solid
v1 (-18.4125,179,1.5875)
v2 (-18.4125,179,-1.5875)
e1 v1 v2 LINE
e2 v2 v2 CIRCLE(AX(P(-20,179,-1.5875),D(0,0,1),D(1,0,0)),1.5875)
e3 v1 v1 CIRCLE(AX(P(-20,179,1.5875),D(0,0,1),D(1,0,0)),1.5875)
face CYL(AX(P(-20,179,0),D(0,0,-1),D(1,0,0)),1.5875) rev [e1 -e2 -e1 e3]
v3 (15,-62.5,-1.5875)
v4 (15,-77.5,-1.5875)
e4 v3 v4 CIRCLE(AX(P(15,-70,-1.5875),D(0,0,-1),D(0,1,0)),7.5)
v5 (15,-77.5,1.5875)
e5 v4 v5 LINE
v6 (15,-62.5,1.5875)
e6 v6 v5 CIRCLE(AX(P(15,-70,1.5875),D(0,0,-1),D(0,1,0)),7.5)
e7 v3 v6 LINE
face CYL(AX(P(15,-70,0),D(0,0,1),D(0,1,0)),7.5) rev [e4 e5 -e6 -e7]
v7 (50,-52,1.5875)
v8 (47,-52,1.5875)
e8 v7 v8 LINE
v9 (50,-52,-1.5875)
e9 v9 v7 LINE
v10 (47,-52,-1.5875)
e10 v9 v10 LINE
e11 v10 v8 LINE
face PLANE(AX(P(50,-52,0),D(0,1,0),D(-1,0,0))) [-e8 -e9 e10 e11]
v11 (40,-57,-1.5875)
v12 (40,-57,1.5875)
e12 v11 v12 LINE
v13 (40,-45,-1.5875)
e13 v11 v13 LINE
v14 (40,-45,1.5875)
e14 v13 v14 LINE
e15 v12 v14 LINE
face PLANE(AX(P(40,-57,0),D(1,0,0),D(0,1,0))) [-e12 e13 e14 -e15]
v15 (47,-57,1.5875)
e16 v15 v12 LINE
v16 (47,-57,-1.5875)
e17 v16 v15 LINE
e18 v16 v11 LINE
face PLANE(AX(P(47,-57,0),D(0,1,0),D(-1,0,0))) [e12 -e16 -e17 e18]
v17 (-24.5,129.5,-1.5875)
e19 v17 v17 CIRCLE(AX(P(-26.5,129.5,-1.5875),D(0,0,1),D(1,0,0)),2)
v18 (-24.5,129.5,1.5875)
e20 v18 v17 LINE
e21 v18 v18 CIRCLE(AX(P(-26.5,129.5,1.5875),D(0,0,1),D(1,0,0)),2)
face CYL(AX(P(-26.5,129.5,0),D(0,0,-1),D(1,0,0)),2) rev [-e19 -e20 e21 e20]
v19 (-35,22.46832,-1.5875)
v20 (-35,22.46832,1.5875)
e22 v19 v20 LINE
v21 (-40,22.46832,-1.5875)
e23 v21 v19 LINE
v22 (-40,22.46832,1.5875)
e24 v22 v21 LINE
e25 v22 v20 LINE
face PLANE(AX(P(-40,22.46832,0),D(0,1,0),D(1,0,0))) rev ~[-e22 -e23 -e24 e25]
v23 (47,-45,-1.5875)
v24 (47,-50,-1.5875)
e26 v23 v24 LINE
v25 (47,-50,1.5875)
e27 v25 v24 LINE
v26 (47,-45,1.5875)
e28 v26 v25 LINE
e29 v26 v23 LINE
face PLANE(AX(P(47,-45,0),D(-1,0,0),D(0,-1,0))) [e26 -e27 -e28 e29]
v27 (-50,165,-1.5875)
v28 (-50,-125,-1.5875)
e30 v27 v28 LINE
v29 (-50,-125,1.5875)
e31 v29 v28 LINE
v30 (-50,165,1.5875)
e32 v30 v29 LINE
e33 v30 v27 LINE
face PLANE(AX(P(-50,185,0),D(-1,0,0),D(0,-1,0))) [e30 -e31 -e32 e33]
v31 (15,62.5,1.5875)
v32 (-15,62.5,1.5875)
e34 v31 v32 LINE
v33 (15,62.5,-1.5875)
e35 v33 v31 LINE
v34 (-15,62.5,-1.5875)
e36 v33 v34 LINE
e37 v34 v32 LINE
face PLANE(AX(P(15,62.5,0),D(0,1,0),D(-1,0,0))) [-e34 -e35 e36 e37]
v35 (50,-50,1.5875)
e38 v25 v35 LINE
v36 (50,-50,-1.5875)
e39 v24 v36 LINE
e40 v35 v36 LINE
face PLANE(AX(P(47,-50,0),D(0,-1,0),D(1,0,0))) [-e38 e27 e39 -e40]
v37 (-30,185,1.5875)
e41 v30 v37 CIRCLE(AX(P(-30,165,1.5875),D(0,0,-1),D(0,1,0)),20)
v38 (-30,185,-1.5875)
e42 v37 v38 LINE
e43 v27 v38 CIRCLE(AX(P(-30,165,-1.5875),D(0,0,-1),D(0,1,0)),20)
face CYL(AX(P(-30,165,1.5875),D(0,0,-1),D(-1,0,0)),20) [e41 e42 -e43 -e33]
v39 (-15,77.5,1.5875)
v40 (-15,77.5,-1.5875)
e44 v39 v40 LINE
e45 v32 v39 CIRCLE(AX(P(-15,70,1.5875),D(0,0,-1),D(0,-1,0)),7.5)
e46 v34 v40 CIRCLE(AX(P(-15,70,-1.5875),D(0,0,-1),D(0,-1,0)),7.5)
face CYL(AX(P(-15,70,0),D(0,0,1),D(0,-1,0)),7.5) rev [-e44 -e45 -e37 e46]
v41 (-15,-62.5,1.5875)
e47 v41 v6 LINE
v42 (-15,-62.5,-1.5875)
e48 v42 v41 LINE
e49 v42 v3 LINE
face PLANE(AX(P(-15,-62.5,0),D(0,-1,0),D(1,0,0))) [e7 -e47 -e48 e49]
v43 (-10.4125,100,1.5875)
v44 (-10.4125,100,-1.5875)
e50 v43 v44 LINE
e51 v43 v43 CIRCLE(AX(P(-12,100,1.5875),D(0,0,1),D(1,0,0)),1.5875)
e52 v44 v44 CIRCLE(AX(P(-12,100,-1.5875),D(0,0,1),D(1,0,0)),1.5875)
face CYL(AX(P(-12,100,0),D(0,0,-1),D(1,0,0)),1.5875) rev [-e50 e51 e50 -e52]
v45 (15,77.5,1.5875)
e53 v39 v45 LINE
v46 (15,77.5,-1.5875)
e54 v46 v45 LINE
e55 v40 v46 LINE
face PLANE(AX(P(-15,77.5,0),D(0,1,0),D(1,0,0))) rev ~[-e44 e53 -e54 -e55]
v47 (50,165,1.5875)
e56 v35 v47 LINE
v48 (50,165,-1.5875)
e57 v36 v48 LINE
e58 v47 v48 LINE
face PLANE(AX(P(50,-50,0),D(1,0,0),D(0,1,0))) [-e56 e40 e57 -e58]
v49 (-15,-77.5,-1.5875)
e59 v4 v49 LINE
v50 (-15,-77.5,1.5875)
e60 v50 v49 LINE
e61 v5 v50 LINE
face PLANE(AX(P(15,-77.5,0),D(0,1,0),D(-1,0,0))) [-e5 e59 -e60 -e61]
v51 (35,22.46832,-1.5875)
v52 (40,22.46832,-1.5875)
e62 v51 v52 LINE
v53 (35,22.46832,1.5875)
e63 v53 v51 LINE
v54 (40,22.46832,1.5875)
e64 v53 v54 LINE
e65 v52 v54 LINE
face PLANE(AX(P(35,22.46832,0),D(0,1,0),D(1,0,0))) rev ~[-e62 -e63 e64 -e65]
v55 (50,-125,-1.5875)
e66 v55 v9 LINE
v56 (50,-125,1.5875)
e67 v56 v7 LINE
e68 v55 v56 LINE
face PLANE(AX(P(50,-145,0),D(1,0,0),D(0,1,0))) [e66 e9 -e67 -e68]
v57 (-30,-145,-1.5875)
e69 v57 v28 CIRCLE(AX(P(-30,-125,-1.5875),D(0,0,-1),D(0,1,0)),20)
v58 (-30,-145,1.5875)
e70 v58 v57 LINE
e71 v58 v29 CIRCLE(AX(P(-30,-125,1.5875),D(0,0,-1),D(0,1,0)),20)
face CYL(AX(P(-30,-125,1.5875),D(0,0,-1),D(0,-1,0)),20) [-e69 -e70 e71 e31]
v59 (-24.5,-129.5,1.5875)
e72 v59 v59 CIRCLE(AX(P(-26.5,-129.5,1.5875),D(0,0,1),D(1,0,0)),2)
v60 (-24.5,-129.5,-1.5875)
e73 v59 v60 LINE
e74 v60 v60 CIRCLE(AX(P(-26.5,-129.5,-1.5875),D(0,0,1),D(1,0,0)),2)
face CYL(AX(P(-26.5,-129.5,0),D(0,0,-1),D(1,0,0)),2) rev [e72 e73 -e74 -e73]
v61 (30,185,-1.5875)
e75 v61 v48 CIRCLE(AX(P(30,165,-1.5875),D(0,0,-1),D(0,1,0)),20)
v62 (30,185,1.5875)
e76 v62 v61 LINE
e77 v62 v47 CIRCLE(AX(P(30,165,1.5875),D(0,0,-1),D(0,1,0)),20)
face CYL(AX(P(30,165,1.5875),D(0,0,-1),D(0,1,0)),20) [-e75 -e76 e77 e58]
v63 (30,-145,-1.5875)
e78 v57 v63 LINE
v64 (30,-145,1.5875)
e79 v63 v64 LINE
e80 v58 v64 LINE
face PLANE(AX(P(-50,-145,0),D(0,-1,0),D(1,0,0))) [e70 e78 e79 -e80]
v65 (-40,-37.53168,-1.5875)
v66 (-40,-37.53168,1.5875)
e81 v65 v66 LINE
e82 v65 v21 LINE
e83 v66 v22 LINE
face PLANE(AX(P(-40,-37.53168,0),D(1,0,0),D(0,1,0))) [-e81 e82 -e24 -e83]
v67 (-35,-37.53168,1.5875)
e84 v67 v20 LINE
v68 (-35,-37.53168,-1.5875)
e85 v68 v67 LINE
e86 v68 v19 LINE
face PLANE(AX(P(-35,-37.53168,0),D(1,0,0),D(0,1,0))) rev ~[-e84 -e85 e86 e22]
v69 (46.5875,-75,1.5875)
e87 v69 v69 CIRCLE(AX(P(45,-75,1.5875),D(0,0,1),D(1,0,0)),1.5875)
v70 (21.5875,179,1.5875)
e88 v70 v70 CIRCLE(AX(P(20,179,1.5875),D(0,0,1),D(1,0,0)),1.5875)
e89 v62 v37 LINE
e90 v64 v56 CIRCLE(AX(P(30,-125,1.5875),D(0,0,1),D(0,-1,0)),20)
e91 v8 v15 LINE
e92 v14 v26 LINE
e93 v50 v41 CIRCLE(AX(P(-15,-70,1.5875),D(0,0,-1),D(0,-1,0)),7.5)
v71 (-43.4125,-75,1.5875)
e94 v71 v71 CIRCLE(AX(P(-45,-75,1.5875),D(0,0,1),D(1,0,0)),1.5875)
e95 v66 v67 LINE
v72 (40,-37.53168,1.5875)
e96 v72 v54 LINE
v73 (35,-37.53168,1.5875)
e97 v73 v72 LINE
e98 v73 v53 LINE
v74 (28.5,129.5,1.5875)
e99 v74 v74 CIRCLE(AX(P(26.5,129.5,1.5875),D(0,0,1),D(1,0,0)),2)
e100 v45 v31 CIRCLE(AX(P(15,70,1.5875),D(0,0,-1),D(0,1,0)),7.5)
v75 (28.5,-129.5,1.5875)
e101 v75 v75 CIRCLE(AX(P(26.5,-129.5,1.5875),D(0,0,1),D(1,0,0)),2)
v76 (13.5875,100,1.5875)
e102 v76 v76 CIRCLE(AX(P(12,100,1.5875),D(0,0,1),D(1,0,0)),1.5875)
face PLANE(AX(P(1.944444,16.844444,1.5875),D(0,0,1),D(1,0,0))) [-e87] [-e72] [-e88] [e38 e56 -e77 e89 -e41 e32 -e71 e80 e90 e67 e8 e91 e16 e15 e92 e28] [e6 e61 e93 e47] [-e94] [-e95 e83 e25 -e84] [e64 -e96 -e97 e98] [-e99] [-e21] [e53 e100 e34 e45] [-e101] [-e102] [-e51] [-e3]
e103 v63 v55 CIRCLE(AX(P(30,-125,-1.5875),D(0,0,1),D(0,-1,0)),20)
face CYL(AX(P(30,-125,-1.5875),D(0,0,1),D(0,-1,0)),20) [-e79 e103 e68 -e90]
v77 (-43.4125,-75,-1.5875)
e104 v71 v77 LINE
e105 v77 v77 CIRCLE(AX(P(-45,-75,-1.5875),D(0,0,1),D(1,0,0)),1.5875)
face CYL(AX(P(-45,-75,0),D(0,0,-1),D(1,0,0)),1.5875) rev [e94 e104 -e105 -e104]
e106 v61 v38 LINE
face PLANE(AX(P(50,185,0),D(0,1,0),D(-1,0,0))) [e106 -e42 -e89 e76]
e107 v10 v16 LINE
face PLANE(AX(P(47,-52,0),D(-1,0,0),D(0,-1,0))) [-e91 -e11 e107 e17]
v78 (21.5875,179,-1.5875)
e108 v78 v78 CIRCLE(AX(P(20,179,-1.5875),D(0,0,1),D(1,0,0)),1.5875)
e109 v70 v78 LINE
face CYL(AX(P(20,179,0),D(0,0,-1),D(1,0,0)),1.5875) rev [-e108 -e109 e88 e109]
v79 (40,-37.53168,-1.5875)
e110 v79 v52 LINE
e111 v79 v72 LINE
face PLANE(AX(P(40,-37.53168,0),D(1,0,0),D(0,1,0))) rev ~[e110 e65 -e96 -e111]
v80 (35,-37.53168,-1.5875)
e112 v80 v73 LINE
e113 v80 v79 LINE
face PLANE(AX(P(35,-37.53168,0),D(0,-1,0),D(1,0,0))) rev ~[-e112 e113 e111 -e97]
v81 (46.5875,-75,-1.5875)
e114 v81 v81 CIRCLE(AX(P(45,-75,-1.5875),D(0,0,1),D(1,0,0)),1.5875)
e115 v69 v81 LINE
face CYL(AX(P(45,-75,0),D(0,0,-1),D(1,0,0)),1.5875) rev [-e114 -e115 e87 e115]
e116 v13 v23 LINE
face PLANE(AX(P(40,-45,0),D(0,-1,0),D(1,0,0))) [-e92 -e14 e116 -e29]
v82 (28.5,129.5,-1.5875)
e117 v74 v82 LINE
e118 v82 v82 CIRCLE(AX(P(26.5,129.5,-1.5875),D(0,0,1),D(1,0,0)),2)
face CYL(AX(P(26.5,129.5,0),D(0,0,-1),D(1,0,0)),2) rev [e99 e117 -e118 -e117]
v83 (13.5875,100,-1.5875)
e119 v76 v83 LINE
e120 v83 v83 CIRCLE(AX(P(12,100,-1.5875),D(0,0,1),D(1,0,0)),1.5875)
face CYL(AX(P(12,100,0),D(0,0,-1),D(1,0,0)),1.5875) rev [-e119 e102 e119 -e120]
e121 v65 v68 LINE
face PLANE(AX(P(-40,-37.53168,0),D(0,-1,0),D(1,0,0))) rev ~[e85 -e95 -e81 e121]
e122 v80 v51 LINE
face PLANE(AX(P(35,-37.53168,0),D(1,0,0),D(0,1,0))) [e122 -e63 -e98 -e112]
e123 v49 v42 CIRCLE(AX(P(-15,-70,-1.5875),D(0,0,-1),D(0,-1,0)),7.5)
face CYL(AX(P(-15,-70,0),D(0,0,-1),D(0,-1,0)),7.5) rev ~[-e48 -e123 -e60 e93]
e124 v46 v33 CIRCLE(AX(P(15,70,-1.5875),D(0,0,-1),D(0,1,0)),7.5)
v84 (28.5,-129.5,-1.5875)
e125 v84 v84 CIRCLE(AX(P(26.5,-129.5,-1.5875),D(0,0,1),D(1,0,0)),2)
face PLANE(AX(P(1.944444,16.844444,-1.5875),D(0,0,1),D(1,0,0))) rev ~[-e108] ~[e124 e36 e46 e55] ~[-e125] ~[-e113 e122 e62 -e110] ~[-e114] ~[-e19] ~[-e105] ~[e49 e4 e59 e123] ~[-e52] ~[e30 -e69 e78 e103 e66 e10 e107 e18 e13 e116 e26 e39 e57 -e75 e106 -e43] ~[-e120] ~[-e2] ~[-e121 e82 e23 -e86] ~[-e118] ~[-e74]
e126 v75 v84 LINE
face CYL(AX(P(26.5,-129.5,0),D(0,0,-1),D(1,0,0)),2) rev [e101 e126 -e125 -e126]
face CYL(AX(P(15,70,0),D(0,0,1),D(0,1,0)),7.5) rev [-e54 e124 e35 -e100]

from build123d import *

# Parameters (mm, degrees)
SKETCH1_R           = 2
SKETCH1_R_2         = 1.5875
SKETCH1_W           = 5
SKETCH1_H           = 60
BOSS_EXTRUDE1_DEPTH = 1.5875
FILLET1_R           = 20


with BuildPart() as part:
    # Sketch1 → Boss-Extrude1 (new body, symmetric)
    with BuildSketch(Plane.XY):
        Polygon((-50, -145), (50, -145), (50, -52), (47, -52), (47, -57), (40, -57), (40, -45), (47, -45), (47, -50), (50, -50), (50, 185), (-50, 185), align=None)
        with Locations((-26.5, -129.5)):
            Circle(SKETCH1_R, mode=Mode.SUBTRACT)
        with Locations((-45, -75)):
            Circle(SKETCH1_R_2, mode=Mode.SUBTRACT)
        with BuildLine():
            Line((15, -77.5), (-15, -77.5))
            ThreePointArc((-15, -77.5), (-22.5, -70), (-15, -62.5))
            Line((-15, -62.5), (15, -62.5))
            ThreePointArc((15, -62.5), (22.5, -70), (15, -77.5))
        make_face(mode=Mode.SUBTRACT)
        with Locations((-37.5, -7.531680382)):
            Rectangle(SKETCH1_W, SKETCH1_H, mode=Mode.SUBTRACT)
        with Locations((26.5, -129.5)):
            Circle(SKETCH1_R, mode=Mode.SUBTRACT)
        with Locations((45, -75)):
            Circle(SKETCH1_R_2, mode=Mode.SUBTRACT)
        with Locations((37.5, -7.531680382)):
            Rectangle(SKETCH1_W, SKETCH1_H, mode=Mode.SUBTRACT)
        with BuildLine():
            ThreePointArc((-15, 62.5), (-22.5, 70), (-15, 77.5))
            Line((-15, 77.5), (15, 77.5))
            ThreePointArc((15, 77.5), (22.5, 70), (15, 62.5))
            Line((15, 62.5), (-15, 62.5))
        make_face(mode=Mode.SUBTRACT)
        with Locations((-12, 100)):
            Circle(SKETCH1_R_2, mode=Mode.SUBTRACT)
        with Locations((-26.5, 129.5)):
            Circle(SKETCH1_R, mode=Mode.SUBTRACT)
        with Locations((12, 100)):
            Circle(SKETCH1_R_2, mode=Mode.SUBTRACT)
        with Locations((26.5, 129.5)):
            Circle(SKETCH1_R, mode=Mode.SUBTRACT)
        with Locations((20, 179)):
            Circle(SKETCH1_R_2, mode=Mode.SUBTRACT)
        with Locations((-20, 179)):
            Circle(SKETCH1_R_2, mode=Mode.SUBTRACT)
    extrude(amount=BOSS_EXTRUDE1_DEPTH, both=True)

    # Fillet1
    fillet1_edges = [part.edges().sort_by_distance(p)[0] for p in [
        (-50, 185, 0),
        (50, 185, 0),
        (-50, -145, 0),
        (50, -145, 0),
    ]]
    fillet(fillet1_edges, radius=FILLET1_R)


solid = part.part
